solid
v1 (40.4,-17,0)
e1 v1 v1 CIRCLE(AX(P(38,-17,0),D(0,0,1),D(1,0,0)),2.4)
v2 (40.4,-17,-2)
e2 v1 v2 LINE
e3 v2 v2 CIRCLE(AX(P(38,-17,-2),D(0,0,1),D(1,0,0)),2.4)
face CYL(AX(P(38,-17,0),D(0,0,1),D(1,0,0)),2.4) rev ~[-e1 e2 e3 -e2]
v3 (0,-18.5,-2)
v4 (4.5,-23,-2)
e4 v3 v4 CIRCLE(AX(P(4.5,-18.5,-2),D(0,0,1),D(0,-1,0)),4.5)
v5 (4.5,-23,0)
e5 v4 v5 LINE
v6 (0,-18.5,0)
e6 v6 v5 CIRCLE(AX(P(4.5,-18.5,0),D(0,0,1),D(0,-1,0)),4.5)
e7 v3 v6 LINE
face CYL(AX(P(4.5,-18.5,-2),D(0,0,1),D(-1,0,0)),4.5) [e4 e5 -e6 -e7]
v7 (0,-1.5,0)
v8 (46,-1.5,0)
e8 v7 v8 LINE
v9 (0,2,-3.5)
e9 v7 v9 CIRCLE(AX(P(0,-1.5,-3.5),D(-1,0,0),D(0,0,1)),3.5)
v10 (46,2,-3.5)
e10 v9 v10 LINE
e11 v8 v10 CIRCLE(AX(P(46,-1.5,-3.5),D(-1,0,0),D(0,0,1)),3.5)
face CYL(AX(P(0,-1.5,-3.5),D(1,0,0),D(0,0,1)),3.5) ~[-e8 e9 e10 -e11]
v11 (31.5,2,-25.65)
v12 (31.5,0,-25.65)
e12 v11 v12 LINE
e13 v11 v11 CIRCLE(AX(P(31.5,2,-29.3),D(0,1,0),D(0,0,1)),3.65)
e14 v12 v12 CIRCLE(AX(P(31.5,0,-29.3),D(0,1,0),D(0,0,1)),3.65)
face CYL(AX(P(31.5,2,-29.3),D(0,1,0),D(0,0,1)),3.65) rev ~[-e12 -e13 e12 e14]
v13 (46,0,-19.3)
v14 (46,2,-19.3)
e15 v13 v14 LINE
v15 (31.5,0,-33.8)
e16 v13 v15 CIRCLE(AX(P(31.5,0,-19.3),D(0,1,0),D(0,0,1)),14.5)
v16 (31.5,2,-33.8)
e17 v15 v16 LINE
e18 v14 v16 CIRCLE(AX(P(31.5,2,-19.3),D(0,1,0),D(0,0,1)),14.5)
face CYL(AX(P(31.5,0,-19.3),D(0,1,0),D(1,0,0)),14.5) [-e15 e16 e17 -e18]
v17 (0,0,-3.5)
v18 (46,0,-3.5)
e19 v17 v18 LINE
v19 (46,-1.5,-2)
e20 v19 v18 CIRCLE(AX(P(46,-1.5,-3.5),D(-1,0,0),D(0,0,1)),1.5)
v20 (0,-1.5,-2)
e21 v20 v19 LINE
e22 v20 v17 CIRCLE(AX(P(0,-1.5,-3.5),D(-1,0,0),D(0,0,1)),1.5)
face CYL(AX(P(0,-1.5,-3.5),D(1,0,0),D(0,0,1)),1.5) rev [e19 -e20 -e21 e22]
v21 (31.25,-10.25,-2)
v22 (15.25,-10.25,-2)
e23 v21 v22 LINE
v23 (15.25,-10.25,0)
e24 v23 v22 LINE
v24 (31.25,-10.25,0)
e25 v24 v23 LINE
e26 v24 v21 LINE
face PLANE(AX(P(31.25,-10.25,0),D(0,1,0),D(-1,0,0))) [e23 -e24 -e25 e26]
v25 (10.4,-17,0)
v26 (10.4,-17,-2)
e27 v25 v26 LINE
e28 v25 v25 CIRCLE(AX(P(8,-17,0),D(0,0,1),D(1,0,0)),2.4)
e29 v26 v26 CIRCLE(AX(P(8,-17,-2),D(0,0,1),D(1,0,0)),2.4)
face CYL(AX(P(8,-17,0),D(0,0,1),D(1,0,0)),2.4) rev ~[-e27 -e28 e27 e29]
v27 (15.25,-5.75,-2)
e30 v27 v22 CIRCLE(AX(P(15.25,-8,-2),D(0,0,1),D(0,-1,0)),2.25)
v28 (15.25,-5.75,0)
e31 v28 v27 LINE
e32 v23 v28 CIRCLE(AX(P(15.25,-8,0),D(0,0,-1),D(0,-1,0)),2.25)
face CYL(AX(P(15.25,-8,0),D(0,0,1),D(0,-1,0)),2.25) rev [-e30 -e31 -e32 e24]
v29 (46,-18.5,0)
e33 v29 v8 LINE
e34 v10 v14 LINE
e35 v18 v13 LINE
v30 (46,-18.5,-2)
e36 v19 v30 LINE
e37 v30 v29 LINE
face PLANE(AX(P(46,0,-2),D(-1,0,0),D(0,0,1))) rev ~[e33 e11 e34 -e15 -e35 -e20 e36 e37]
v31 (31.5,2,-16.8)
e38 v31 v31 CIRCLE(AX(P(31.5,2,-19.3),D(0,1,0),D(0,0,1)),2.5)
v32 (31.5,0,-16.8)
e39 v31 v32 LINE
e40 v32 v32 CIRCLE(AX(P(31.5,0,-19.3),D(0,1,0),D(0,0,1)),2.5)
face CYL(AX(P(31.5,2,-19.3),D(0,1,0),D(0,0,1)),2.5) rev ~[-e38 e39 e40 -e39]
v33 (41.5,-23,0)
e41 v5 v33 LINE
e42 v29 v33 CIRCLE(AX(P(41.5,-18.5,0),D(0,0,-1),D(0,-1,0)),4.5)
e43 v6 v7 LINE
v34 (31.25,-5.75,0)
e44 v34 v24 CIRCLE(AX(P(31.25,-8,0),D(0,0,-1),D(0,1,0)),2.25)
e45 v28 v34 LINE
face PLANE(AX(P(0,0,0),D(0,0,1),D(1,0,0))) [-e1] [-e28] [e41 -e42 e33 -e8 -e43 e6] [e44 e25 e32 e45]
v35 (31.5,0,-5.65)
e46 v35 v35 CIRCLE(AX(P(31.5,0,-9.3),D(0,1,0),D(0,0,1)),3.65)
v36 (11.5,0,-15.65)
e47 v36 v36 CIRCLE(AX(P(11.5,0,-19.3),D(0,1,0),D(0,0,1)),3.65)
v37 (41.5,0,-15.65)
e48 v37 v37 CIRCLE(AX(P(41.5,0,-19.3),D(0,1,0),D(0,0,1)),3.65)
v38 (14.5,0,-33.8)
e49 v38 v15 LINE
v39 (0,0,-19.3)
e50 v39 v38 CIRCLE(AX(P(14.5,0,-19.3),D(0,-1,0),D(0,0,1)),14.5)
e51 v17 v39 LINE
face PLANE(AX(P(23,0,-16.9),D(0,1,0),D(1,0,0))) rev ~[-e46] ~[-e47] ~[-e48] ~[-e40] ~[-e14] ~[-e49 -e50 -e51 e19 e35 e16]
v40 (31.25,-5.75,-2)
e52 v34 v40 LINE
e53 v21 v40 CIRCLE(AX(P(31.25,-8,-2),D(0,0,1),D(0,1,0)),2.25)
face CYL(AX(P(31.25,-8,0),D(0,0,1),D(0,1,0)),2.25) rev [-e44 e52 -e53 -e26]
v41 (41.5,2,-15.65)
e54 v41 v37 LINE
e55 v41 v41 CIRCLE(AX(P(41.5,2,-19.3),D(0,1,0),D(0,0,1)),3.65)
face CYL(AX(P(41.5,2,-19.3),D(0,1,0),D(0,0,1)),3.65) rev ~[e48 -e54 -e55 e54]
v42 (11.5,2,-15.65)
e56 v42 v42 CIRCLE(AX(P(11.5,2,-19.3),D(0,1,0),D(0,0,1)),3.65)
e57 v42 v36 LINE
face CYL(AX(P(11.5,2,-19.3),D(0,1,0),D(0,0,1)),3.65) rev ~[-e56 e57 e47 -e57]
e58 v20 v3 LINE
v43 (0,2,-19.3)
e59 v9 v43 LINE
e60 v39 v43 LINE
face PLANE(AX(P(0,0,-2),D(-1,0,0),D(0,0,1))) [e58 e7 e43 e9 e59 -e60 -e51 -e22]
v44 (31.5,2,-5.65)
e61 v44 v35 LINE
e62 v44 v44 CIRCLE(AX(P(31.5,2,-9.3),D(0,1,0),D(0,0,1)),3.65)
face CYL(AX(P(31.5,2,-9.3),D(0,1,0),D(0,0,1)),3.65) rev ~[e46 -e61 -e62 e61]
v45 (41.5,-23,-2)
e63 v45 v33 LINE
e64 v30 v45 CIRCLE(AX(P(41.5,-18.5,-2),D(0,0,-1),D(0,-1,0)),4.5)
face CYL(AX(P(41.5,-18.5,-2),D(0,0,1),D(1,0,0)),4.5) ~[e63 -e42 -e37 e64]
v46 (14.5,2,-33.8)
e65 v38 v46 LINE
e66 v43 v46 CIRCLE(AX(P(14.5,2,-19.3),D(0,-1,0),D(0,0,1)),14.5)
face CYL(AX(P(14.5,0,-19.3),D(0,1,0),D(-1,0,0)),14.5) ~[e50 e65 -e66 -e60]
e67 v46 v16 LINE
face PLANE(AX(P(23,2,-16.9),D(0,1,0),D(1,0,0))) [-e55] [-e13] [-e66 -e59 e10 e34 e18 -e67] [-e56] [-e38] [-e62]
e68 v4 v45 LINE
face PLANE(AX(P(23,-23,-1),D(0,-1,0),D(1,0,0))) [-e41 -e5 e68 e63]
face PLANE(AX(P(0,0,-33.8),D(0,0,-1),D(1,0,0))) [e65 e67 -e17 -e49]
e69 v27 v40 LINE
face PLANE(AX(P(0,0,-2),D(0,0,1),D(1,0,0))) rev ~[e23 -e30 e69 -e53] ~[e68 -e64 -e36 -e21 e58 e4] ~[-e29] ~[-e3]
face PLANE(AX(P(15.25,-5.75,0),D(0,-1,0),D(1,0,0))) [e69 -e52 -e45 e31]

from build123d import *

# Parameters (mm, degrees)
SKETCH_3_W          = 46
SKETCH_3_H          = 33.8
EXTRUDE_1_DEPTH     = 2
FILLET_1_R          = 14.5
SKETCH_4_R          = 2.5
SKETCH_4_R_2        = 3.65
CUT_EXTRUDE_1_DEPTH = 2
SKETCH_5_W          = 46
SKETCH_5_H          = 2
EXTRUDE_2_DEPTH     = 23
FILLET_2_R          = 4.5
FILLET_3_R          = 3.5
FILLET_4_R          = 1.5
SKETCH_6_R          = 2.4
CUT_EXTRUDE_2_DEPTH = 25


with BuildPart() as part:
    # 草图3 → 凸台-拉伸1 (new body)
    with BuildSketch(Plane(origin=(0, 0, 0), x_dir=(1, 0, 0), z_dir=(0, 1, 0))):
        with Locations((23, 16.9)):
            Rectangle(SKETCH_3_W, SKETCH_3_H)
    extrude(amount=EXTRUDE_1_DEPTH)

    # 圆角1
    fillet_1_edges = [part.edges().sort_by_distance(p)[0] for p in [
        (0, 1, -33.8),
        (46, 1, -33.8),
    ]]
    fillet(fillet_1_edges, radius=FILLET_1_R)

    # 草图4 → 切除-拉伸1 (cut)
    with BuildSketch(Plane(origin=(0, 2, 0), x_dir=(1, 0, 0), z_dir=(0, 1, 0))):
        with Locations(Location((31.5, 19.3, 0), (0, 0, 270))):
            Circle(SKETCH_4_R)
        with Locations(Location((41.5, 19.3, 0), (0, 0, 270))):
            Circle(SKETCH_4_R_2)
        with Locations(Location((31.5, 29.3, 0), (0, 0, 270))):
            Circle(SKETCH_4_R_2)
        with Locations(Location((31.5, 9.3, 0), (0, 0, 270))):
            Circle(SKETCH_4_R_2)
        with Locations(Location((11.5, 19.3, 0), (0, 0, 270))):
            Circle(SKETCH_4_R_2)
    extrude(amount=-CUT_EXTRUDE_1_DEPTH, mode=Mode.SUBTRACT)

    # 草图5 → 凸台-拉伸2 (add)
    with BuildSketch(Plane.XZ):
        with Locations((23, -1)):
            Rectangle(SKETCH_5_W, SKETCH_5_H)
    extrude(amount=EXTRUDE_2_DEPTH)

    # 圆角2
    fillet_2_edges = [part.edges().sort_by_distance(p)[0] for p in [
        (0, -23, -1),
        (46, -23, -1),
    ]]
    fillet(fillet_2_edges, radius=FILLET_2_R)

    # 圆角3
    fillet_3_edges = [part.edges().sort_by_distance(p)[0] for p in [
        (23, 2, 0),
    ]]
    fillet(fillet_3_edges, radius=FILLET_3_R)

    # 圆角4
    fillet_4_edges = [part.edges().sort_by_distance(p)[0] for p in [
        (23, 0, -2),
    ]]
    fillet(fillet_4_edges, radius=FILLET_4_R)

    # 草图6 → 切除-拉伸2 (cut)
    with BuildSketch(Plane.XY):
        with Locations((8, -17)):
            Circle(SKETCH_6_R)
        with Locations((38, -17)):
            Circle(SKETCH_6_R)
        with BuildLine():
            Line((15.25, -5.75), (31.25, -5.75))
            ThreePointArc((31.25, -5.75), (33.5, -8), (31.25, -10.25))
            Line((31.25, -10.25), (15.25, -10.25))
            ThreePointArc((15.25, -10.25), (13, -8), (15.25, -5.75))
        make_face()
    extrude(amount=-CUT_EXTRUDE_2_DEPTH, mode=Mode.SUBTRACT)


solid = part.part
